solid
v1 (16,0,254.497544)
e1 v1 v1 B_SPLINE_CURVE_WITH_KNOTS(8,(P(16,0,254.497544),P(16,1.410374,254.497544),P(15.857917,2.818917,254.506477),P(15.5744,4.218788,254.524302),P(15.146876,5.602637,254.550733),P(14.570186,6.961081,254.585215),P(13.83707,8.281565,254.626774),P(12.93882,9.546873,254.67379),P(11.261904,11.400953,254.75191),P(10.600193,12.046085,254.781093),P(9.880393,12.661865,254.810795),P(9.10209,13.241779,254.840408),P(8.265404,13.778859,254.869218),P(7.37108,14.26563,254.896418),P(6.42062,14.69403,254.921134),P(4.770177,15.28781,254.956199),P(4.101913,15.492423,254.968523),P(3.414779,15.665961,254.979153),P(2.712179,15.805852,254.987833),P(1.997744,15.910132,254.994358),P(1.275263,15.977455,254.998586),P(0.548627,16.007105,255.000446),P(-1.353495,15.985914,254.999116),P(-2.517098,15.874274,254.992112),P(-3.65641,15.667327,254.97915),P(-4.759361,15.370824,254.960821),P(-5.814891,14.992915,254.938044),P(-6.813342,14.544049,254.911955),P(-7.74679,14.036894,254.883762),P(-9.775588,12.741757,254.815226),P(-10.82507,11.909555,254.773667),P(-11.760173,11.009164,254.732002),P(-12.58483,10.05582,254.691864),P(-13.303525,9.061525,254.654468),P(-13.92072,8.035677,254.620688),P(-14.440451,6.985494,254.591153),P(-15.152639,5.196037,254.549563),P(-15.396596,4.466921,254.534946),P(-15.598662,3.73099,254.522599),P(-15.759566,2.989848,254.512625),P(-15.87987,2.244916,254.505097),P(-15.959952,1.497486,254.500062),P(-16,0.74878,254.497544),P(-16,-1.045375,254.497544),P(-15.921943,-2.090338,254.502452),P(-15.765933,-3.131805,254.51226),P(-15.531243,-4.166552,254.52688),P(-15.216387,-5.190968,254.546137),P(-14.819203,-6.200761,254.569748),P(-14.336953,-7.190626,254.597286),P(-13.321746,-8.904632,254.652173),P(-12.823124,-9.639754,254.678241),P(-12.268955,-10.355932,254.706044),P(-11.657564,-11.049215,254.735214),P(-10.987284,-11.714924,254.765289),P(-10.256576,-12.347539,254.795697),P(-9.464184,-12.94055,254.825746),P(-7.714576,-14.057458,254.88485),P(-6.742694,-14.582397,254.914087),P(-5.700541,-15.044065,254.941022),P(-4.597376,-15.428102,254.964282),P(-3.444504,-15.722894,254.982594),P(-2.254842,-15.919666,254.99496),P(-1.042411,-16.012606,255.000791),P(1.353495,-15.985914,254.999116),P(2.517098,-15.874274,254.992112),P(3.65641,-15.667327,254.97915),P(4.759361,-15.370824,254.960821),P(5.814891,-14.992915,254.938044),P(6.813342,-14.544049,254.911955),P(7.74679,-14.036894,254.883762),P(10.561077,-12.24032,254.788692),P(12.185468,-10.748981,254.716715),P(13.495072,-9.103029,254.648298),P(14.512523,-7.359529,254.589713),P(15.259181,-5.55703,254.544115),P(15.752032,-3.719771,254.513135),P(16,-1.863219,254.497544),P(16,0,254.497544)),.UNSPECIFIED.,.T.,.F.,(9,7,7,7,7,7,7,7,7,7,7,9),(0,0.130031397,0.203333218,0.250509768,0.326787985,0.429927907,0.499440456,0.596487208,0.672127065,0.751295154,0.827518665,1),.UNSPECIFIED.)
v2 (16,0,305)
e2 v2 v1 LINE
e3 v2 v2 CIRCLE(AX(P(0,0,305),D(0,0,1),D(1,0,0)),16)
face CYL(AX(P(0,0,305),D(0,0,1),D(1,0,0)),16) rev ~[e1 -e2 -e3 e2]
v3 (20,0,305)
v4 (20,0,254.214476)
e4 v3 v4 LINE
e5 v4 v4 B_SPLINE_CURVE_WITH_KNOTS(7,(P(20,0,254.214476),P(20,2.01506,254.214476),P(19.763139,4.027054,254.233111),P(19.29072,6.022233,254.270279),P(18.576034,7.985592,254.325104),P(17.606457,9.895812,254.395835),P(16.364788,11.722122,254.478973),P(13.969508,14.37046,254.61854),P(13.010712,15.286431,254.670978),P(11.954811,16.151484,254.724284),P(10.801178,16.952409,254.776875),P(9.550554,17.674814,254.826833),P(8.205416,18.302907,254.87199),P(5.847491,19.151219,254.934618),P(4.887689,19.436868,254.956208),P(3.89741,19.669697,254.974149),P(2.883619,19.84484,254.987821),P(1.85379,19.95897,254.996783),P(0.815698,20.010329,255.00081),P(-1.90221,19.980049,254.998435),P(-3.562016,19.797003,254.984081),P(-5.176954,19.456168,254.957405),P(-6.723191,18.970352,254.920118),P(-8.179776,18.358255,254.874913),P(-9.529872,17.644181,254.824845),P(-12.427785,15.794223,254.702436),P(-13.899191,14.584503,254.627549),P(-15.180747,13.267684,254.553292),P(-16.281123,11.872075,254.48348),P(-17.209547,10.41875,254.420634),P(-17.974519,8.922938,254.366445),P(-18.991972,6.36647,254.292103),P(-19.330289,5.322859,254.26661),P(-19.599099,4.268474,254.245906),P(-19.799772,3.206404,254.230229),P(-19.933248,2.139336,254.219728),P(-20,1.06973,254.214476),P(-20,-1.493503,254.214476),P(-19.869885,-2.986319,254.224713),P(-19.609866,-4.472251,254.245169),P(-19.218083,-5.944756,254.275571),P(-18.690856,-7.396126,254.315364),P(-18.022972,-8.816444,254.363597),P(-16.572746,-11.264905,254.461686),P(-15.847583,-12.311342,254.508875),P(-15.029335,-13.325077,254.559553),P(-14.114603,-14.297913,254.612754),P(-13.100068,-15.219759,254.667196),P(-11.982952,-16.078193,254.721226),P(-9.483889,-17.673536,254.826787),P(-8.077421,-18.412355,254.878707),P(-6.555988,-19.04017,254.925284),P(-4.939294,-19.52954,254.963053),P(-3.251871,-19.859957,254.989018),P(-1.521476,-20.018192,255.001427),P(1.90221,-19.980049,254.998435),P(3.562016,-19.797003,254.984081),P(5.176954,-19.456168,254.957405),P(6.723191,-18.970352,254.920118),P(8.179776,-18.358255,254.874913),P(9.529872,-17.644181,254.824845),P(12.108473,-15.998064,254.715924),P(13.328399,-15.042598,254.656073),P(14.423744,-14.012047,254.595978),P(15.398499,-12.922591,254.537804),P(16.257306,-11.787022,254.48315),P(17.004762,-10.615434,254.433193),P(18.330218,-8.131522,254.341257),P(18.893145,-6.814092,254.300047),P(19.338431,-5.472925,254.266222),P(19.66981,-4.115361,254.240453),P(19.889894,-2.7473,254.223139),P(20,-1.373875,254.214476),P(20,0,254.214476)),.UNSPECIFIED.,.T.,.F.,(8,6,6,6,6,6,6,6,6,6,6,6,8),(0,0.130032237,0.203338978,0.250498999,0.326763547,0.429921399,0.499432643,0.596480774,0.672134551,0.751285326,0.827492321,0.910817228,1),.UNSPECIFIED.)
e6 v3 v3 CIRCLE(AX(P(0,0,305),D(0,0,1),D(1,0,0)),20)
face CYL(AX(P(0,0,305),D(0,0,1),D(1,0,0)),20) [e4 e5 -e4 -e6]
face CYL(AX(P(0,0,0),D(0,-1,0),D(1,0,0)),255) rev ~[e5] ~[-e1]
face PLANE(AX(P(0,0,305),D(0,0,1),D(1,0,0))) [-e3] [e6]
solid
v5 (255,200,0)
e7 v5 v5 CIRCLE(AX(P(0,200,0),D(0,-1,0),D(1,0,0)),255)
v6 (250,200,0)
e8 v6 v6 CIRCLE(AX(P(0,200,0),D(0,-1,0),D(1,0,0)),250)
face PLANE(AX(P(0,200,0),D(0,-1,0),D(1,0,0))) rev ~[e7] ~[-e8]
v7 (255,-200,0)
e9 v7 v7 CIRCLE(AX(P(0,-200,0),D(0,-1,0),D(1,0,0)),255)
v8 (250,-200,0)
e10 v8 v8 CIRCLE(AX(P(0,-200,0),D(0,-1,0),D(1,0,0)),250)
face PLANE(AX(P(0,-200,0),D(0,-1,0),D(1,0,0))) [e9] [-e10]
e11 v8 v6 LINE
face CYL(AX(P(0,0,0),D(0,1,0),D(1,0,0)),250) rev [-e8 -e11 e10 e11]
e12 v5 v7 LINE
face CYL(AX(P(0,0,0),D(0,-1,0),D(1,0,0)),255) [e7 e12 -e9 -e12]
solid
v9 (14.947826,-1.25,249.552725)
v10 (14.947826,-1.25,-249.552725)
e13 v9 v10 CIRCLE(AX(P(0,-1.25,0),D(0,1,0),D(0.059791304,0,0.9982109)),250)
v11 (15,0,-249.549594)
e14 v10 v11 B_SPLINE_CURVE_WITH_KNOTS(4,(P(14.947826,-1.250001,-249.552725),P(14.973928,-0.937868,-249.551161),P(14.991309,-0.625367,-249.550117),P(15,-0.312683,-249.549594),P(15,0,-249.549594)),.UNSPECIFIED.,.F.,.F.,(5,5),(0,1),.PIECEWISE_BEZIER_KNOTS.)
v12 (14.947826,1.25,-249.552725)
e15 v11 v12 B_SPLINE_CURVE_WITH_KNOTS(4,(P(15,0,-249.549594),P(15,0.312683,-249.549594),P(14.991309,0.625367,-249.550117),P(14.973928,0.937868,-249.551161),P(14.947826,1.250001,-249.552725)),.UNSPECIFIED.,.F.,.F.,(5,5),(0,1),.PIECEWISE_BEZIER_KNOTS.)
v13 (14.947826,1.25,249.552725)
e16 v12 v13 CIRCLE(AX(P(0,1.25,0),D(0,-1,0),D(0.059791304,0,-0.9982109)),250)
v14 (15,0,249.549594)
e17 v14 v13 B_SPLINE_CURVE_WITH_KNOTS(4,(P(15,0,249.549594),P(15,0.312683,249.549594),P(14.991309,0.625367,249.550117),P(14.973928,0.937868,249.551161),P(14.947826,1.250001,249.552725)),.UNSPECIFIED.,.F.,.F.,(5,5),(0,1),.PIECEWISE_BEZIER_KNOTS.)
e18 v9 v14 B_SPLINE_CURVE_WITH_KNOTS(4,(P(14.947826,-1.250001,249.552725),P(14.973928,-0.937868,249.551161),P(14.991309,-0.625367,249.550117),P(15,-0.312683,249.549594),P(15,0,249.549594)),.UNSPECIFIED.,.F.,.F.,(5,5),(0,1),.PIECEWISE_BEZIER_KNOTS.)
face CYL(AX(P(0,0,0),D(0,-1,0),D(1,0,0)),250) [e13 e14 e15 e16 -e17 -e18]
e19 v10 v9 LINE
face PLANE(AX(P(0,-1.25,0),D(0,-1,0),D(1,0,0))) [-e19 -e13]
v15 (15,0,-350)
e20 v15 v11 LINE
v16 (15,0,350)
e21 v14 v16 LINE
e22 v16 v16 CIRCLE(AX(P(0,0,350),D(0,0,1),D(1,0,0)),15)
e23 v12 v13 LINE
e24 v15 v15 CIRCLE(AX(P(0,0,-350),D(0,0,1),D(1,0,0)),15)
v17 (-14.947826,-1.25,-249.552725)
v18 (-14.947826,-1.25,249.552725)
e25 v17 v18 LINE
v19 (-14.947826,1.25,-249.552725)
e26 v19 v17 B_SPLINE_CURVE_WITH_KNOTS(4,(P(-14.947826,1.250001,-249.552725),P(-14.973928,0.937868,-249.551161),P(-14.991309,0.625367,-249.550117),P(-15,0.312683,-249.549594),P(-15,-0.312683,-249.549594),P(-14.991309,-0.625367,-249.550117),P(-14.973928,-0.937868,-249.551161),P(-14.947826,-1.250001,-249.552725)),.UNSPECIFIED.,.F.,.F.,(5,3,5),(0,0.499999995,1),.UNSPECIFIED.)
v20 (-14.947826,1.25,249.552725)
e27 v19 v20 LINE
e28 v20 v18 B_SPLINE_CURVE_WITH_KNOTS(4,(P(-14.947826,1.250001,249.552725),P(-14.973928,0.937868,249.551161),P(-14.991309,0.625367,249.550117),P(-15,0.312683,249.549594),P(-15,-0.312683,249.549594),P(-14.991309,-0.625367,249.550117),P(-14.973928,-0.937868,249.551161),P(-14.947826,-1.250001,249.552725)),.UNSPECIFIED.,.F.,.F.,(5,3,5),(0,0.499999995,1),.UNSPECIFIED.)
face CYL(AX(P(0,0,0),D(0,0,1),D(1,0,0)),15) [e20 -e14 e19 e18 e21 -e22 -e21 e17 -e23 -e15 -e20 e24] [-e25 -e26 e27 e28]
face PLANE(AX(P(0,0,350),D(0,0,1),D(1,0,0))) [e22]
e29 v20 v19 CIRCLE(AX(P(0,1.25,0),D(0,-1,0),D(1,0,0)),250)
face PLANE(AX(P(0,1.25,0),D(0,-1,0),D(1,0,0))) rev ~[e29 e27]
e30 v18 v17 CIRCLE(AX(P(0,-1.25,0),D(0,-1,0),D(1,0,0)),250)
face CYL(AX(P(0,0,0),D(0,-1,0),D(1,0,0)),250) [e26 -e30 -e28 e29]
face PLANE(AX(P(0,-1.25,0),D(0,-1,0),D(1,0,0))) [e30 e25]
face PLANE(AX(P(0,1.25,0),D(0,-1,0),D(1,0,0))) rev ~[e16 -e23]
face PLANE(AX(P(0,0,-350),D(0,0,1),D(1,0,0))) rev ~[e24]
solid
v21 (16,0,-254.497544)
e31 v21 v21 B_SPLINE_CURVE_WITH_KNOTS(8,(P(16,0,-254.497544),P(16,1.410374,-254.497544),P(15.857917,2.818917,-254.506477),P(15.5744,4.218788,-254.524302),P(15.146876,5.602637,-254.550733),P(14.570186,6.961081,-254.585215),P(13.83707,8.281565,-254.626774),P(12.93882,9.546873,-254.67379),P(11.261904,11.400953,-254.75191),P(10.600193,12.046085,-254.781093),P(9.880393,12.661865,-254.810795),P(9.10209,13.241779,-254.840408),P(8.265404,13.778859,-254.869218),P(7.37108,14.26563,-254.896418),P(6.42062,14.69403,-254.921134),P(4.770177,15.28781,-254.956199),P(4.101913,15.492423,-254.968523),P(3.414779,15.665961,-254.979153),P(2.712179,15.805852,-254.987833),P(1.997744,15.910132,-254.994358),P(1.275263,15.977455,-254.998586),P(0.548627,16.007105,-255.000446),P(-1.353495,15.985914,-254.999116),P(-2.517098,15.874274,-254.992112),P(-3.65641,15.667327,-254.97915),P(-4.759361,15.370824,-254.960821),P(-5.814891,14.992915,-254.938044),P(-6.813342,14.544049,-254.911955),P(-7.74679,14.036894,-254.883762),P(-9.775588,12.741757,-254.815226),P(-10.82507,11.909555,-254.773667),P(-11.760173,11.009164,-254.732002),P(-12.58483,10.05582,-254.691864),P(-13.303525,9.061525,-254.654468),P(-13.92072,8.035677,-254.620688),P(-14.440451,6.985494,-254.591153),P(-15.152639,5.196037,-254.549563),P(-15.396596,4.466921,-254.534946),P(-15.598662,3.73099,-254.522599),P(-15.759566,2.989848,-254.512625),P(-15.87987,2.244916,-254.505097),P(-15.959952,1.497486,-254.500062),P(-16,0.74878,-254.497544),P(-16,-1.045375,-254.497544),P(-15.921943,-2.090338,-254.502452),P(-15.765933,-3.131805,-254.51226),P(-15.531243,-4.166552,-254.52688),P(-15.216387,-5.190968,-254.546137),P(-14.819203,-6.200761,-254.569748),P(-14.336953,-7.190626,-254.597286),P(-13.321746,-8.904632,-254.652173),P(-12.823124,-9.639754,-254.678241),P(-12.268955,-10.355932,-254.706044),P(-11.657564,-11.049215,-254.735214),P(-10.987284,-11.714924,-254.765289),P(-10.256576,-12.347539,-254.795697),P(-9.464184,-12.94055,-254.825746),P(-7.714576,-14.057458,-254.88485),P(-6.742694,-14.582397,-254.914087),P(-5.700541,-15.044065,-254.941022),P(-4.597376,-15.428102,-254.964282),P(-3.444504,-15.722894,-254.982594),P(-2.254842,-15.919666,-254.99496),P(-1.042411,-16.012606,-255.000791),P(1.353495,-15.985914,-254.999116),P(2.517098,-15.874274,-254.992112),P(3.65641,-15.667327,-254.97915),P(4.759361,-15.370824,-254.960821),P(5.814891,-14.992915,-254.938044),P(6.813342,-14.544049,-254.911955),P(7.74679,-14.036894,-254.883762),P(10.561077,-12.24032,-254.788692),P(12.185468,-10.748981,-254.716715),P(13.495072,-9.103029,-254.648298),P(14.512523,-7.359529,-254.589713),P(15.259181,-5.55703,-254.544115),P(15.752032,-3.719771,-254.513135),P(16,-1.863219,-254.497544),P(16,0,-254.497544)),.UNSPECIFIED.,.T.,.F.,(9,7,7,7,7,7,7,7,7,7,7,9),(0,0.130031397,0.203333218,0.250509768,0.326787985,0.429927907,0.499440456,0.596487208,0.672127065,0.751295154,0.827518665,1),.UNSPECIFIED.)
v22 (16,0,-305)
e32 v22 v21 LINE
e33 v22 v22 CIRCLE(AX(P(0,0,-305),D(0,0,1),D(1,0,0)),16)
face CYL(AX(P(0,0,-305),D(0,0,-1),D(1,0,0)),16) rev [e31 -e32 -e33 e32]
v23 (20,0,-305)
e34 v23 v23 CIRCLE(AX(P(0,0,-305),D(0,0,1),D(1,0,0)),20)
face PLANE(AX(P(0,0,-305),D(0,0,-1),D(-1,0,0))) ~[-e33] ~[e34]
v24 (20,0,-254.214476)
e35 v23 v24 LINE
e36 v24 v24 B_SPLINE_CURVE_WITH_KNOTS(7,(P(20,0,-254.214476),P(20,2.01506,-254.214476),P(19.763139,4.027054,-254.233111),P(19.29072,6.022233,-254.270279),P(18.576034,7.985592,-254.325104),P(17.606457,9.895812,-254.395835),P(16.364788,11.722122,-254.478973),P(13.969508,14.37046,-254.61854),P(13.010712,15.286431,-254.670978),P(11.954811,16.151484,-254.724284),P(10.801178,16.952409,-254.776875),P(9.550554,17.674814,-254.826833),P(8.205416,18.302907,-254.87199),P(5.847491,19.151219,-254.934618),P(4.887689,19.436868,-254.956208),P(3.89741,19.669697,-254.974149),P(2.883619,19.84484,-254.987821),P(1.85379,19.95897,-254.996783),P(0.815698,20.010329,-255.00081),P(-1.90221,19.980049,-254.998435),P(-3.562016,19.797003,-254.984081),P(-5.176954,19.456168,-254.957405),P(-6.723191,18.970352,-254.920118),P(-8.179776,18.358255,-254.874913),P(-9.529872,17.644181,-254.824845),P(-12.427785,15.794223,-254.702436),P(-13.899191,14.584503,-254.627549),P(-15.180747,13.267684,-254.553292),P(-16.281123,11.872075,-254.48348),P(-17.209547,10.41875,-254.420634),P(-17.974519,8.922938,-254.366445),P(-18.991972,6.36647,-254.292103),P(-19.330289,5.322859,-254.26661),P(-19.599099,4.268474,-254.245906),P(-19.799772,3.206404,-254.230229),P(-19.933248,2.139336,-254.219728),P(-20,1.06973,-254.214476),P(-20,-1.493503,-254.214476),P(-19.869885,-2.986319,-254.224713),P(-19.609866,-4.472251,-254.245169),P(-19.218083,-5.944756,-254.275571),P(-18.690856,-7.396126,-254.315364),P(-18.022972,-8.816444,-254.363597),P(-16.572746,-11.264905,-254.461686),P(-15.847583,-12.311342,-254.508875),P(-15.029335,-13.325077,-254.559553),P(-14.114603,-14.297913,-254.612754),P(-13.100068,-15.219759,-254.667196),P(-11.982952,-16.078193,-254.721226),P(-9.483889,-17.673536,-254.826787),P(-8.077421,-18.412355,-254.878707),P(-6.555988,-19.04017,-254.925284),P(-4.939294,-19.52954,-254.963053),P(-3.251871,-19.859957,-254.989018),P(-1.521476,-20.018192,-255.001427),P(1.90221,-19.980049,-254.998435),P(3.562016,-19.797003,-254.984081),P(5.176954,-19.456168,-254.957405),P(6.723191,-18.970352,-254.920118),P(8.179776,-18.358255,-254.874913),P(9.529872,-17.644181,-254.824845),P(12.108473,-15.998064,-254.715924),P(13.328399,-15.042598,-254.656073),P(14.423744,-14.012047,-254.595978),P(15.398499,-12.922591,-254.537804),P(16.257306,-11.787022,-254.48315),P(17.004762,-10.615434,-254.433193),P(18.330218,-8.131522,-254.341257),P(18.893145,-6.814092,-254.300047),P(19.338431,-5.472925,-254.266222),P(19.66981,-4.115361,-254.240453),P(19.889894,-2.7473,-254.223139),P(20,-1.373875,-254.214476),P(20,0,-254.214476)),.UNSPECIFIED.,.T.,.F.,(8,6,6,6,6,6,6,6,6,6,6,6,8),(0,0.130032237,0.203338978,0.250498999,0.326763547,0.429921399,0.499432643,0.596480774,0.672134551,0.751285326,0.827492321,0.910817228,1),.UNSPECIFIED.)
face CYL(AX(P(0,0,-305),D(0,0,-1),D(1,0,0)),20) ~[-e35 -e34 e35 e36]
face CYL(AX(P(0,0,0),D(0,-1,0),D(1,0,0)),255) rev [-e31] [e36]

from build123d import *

# Parameters (mm, degrees)
F0_R     = 250
F1_DEPTH = 1.25
F2_R     = 15
F3_DEPTH = 350
F4_R     = 255
F4_R_2   = 250
F5_DEPTH = 200
F7_R     = 20
F7_R_2   = 16


with BuildPart() as f1:
    # F0 (on Front) → F1 (new body, symmetric)
    with BuildSketch(Plane.XZ):
        Circle(F0_R)
    extrude(amount=F1_DEPTH, both=True)

    # F2 (on Top) → F3 (join, symmetric)
    with BuildSketch(Plane.XY):
        Circle(F2_R)
    extrude(amount=F3_DEPTH, both=True)


with BuildPart() as f5:
    # F4 (on Front) → F5 (new body, symmetric)
    with BuildSketch(Plane.XZ):
        Circle(F4_R)
        Circle(F4_R_2, mode=Mode.SUBTRACT)
    extrude(amount=F5_DEPTH, both=True)


with BuildPart() as f8:
    # F7 (on offset) → F8 (new body, up to the next surface of F5)
    with BuildSketch(Plane.XY.offset(305)):
        Circle(F7_R)
        Circle(F7_R_2, mode=Mode.SUBTRACT)
    extrude(until=Until.NEXT, target=f5.part, dir=(0, 0, -1))


with BuildPart() as f9_1:
    # F9: instance of F8
    add(f8.part.mirror(Plane.XY))


solid = Compound([f1.part, f5.part, f8.part, f9_1.part])
